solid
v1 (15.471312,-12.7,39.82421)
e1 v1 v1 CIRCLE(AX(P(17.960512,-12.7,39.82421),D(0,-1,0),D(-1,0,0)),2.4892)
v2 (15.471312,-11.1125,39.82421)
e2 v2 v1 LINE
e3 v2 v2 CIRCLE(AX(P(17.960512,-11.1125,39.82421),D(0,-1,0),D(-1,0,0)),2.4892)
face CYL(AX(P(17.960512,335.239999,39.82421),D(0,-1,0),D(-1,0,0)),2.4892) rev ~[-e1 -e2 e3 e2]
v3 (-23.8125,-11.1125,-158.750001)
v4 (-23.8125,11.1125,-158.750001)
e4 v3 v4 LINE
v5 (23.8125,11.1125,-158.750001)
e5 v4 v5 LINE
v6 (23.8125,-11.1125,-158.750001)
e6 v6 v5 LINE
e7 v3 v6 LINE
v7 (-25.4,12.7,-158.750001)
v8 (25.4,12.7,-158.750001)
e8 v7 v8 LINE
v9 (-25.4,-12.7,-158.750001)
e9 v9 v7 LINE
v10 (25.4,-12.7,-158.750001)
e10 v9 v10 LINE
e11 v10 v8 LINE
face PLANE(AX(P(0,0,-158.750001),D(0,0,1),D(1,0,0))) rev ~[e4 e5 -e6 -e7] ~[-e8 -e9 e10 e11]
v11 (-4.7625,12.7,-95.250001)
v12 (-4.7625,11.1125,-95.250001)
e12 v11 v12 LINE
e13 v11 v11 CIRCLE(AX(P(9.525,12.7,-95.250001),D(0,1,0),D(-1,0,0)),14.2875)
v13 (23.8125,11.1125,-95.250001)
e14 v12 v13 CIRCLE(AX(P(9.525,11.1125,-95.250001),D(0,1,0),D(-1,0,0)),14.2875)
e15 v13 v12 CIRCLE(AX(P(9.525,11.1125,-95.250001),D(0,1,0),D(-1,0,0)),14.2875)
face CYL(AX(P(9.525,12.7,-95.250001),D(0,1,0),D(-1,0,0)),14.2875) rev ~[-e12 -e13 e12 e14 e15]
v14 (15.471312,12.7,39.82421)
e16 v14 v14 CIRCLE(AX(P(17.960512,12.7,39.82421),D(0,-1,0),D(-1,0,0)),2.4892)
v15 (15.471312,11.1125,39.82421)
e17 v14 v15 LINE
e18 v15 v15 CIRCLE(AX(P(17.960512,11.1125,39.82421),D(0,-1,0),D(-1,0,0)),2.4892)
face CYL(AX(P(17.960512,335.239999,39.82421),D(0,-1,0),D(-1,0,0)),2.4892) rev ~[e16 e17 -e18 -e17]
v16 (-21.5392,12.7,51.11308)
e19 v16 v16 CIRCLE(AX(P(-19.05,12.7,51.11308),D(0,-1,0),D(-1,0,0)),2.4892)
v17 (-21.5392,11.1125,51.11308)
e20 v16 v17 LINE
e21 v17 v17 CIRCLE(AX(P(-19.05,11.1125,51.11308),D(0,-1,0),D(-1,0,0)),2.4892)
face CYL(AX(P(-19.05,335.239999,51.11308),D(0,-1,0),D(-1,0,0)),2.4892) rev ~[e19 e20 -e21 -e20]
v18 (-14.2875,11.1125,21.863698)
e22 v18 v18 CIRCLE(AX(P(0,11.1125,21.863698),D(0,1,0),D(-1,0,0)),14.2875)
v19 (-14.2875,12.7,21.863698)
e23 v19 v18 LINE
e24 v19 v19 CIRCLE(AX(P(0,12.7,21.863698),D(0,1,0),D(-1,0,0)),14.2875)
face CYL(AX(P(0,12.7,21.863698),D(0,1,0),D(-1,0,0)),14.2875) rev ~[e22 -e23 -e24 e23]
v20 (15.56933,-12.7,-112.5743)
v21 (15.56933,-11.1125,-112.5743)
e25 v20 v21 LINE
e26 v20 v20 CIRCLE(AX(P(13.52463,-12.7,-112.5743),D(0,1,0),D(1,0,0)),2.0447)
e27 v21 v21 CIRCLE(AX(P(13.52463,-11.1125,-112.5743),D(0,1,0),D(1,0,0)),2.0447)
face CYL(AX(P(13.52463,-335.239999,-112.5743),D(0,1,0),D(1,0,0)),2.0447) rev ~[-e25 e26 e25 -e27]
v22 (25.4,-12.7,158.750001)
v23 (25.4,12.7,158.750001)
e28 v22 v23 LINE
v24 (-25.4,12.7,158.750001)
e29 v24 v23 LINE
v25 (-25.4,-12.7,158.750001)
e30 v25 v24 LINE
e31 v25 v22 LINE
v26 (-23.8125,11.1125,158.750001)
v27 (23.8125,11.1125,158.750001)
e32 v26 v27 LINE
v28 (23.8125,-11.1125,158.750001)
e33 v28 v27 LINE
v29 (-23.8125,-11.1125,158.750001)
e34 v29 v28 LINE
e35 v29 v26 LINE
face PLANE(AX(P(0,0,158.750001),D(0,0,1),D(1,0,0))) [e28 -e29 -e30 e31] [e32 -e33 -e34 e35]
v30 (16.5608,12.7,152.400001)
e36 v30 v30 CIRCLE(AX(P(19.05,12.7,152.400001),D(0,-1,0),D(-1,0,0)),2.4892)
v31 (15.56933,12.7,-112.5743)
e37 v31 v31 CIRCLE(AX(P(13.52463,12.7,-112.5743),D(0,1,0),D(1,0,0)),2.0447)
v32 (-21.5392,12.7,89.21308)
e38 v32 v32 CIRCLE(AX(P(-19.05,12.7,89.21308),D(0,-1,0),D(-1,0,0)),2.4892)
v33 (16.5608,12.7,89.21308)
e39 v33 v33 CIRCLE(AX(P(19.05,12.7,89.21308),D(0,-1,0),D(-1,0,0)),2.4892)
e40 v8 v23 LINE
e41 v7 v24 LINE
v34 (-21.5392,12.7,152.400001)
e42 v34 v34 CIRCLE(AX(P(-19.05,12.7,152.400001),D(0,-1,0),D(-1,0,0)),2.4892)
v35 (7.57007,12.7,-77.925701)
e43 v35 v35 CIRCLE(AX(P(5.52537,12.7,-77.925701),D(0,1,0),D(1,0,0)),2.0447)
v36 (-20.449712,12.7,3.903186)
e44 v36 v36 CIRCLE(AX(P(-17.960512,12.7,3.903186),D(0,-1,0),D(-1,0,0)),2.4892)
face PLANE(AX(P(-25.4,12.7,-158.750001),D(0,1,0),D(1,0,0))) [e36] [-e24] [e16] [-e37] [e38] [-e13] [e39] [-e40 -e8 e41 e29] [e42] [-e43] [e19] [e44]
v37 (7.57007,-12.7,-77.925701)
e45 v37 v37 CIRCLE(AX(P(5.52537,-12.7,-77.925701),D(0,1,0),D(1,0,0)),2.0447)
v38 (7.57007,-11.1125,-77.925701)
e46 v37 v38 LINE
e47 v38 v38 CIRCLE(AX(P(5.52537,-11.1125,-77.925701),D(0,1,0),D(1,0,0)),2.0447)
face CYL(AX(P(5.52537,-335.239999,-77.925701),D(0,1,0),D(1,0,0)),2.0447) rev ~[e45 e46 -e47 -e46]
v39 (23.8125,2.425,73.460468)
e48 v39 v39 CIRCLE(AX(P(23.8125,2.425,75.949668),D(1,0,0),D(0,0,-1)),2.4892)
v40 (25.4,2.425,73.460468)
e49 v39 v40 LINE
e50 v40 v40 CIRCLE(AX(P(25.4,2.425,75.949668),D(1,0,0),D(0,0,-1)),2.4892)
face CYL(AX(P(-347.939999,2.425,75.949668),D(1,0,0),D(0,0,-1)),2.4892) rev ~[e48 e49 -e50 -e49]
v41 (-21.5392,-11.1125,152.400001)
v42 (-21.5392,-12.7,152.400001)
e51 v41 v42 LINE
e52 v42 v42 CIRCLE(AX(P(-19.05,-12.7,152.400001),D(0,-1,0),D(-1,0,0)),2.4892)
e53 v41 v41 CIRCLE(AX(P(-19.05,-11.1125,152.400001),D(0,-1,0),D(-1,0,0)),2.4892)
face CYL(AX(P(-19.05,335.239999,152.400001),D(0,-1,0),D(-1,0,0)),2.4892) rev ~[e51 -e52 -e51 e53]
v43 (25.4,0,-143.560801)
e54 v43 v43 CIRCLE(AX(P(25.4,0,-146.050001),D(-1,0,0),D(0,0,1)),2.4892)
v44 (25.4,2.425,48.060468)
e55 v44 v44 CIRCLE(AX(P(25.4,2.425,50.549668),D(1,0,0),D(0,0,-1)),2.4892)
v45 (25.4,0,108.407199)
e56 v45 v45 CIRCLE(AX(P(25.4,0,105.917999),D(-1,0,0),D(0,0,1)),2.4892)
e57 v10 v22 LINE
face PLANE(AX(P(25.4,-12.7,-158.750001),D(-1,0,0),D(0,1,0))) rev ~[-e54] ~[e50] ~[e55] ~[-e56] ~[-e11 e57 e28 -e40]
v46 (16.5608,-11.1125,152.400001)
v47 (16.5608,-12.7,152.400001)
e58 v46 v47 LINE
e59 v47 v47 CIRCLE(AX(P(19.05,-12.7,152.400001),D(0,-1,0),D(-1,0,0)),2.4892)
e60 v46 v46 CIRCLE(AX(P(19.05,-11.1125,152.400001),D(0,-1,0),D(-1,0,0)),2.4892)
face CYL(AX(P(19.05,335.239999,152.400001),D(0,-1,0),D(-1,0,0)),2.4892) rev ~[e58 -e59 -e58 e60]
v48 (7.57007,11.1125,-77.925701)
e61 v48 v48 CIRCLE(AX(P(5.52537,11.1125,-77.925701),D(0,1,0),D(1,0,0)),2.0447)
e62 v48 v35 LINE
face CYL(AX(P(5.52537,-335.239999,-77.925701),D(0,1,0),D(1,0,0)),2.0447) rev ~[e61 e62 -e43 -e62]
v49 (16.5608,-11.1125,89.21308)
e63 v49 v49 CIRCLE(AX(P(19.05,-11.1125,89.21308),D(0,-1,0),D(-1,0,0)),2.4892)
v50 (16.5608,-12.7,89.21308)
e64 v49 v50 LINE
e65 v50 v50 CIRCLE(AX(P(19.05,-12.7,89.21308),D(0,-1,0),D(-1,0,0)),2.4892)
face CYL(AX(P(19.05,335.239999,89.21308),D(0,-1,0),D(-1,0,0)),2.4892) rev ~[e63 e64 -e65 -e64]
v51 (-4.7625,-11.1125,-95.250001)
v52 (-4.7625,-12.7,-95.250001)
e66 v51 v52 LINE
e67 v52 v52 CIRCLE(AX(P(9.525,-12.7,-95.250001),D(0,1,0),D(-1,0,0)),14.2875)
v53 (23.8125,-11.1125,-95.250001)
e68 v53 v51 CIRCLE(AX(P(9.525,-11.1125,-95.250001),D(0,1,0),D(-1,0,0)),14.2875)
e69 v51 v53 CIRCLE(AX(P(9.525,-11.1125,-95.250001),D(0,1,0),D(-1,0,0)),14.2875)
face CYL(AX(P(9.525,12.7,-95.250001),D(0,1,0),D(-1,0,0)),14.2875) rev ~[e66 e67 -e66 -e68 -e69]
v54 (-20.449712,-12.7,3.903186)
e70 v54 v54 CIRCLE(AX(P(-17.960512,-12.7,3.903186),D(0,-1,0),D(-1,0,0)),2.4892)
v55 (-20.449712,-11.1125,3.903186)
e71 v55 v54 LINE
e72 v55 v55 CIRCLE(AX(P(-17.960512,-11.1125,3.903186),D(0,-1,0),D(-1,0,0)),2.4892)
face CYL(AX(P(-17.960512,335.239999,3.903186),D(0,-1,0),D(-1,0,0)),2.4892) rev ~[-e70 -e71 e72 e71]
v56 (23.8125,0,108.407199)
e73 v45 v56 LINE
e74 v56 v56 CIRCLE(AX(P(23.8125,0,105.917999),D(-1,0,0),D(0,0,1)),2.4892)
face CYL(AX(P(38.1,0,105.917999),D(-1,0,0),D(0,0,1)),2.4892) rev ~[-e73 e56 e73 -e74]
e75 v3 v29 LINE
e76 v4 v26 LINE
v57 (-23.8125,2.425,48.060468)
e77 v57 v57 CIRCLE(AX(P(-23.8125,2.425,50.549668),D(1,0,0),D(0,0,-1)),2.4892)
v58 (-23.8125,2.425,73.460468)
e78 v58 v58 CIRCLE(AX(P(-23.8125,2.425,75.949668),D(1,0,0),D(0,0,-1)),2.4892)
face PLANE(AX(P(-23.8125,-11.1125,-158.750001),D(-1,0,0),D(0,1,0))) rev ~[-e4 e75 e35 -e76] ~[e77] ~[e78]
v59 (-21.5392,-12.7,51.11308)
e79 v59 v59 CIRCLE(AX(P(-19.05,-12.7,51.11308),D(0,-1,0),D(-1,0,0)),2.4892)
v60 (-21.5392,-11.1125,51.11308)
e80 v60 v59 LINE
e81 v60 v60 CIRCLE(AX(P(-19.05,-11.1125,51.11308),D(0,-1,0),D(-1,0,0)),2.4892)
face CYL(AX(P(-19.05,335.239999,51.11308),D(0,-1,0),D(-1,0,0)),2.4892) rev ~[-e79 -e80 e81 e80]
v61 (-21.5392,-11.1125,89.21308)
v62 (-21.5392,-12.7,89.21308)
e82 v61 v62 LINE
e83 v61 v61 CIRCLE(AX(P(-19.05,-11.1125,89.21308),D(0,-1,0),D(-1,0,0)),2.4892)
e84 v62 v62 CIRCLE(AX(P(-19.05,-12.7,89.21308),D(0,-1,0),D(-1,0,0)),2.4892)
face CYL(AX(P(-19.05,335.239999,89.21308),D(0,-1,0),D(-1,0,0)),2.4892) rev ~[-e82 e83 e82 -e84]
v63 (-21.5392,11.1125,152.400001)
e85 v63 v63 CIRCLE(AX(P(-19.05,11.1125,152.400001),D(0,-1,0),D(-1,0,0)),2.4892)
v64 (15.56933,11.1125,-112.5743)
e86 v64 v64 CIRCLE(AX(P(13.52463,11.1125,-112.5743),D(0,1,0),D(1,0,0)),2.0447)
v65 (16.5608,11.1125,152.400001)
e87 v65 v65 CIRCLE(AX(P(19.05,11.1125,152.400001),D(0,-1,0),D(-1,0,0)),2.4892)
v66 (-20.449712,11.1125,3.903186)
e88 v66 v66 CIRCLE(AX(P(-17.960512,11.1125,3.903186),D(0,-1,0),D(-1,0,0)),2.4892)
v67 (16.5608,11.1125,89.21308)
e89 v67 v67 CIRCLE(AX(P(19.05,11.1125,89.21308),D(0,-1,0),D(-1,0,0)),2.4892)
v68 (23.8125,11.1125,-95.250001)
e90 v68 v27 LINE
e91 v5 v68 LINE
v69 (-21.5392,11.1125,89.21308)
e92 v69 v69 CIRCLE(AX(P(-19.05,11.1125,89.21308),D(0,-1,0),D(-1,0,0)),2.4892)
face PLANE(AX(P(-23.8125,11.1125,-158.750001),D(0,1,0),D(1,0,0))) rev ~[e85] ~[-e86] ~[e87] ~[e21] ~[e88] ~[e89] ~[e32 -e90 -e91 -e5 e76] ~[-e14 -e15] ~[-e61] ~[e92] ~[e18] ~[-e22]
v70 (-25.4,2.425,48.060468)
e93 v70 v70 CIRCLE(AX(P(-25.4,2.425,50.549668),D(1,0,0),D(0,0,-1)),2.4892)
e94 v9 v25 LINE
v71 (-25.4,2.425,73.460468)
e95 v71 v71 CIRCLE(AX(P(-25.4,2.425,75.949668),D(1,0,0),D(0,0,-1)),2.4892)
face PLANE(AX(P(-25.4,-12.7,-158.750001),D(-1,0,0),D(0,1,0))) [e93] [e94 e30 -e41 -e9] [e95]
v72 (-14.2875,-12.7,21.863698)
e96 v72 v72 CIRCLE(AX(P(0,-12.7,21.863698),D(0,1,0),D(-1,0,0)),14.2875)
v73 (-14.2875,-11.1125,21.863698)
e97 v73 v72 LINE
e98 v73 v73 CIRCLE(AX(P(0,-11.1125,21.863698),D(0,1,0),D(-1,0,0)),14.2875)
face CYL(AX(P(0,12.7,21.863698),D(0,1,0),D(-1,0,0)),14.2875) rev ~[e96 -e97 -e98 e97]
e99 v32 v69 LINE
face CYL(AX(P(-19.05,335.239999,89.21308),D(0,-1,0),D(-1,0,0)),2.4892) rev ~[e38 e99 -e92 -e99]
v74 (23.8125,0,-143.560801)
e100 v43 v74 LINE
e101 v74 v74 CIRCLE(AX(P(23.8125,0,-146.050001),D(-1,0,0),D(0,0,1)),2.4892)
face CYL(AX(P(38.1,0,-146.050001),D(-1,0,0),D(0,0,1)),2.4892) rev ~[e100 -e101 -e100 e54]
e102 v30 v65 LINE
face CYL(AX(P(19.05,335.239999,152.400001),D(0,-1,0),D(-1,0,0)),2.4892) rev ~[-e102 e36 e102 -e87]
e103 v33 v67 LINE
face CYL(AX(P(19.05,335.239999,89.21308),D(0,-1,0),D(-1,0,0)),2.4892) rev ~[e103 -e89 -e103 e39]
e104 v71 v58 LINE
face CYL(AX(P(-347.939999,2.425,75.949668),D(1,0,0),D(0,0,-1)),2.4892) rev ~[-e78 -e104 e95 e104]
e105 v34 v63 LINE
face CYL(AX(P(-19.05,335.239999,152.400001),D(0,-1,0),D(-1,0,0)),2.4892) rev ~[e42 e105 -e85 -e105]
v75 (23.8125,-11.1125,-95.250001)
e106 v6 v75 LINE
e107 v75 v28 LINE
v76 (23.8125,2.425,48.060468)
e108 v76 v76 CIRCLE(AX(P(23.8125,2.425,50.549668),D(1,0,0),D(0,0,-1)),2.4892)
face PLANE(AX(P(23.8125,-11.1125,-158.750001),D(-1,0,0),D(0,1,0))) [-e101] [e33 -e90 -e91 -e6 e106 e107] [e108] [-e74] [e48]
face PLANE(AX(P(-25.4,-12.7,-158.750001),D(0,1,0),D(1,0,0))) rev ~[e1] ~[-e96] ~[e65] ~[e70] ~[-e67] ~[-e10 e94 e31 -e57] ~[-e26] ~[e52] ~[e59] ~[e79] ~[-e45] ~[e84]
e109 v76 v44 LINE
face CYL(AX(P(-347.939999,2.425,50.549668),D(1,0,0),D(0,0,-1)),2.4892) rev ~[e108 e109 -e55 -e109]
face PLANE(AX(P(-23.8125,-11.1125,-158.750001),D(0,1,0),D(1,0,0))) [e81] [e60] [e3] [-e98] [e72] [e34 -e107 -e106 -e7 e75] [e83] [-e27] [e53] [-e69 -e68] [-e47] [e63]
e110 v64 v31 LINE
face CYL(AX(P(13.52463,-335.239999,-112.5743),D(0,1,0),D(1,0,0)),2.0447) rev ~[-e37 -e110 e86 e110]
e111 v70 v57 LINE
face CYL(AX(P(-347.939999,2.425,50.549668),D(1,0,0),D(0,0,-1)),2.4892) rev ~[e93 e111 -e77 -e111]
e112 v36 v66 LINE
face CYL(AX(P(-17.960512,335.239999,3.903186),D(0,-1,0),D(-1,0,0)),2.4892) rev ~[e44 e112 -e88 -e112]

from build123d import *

# Parameters (mm, degrees)
BOSS_EXTRUDE1_DEPTH         = 158.750001
BOSS_EXTRUDE1_DEPTH_BACK    = 158.750001
SKETCH3_W                   = 50.8
SKETCH3_H                   = 25.4
SKETCH3_W_2                 = 47.625
SKETCH3_H_2                 = 22.225
SKETCH4_R                   = 14.2875
CUT_EXTRUDE1_DEPTH          = 39.37
F_10_CLEARANCE_HOLE1_D      = 4.9784
F_10_CLEARANCE_HOLE2_D      = 4.9784
F_10_CLEARANCE_HOLE3_D      = 4.9784
F_20_0_161_DIAMETER_HOLE1_D = 4.0894
F_10_CLEARANCE_HOLE4_D      = 4.9784
F_10_CLEARANCE_HOLE4_DEPTH  = 12.7
F_10_CLEARANCE_HOLE4_TIP    = 1.495662253


with BuildPart() as part:
    # Sketch3 → Boss-Extrude1 (new, two sides: drawn at the far end of the back side and taken through both)
    with BuildSketch(Plane.XY.offset(-BOSS_EXTRUDE1_DEPTH_BACK)):
        Rectangle(SKETCH3_W, SKETCH3_H)
        Rectangle(SKETCH3_W_2, SKETCH3_H_2, mode=Mode.SUBTRACT)
    extrude(amount=BOSS_EXTRUDE1_DEPTH + BOSS_EXTRUDE1_DEPTH_BACK)

    # Sketch4 → Cut-Extrude1 (cut)
    with BuildSketch(Plane(origin=(0, 12.7, 0), x_dir=(1, 0, 0), z_dir=(0, 1, 0))):
        with Locations(Location((9.525, 95.250000508, 0), (0, 0, 180))):
            Circle(SKETCH4_R)
        with Locations(Location((0, -21.863697987, 0), (0, 0, 180))):
            Circle(SKETCH4_R)
    extrude(amount=-CUT_EXTRUDE1_DEPTH, mode=Mode.SUBTRACT)

    # #10 Clearance Hole1 (through all)
    with Locations(Plane(origin=(0, 12.7, 0), x_dir=(1, 0, 0), z_dir=(0, 1, 0))):
        with Locations((-17.960512242, -3.903185745), (17.960512242, -39.824210229)):
            Hole(F_10_CLEARANCE_HOLE1_D / 2)

    # #10 Clearance Hole2 (through all)
    with Locations(Plane.ZY.offset(25.4)):
        with Locations((50.549668409, 2.425), (75.949668409, 2.425)):
            Hole(F_10_CLEARANCE_HOLE2_D / 2)

    # #10 Clearance Hole3 (through all)
    with Locations(Plane(origin=(0, 12.7, 0), x_dir=(1, 0, 0), z_dir=(0, 1, 0))):
        with Locations((-19.05, -51.113080493), (-19.05, -89.213080493), (19.05, -89.213080493), (19.05, -152.400000508), (-19.05, -152.400000508)):
            Hole(F_10_CLEARANCE_HOLE3_D / 2)

    # #20 (0.161) Diameter Hole1 (through all)
    with Locations(Plane(origin=(0, -12.7, 0), x_dir=(-1, 0, 0), z_dir=(0, -1, 0))):
        with Locations((-5.525370258, 77.925700755), (-13.524629742, 112.57430026)):
            Hole(F_20_0_161_DIAMETER_HOLE1_D / 2)

    # #10 Clearance Hole4
    with Locations(Plane(origin=(25.4, 0, 0), x_dir=(0, 0, -1), z_dir=(1, 0, 0))):
        with Locations((146.050000508, 0), (-105.917999492, 0)):
            Hole(F_10_CLEARANCE_HOLE4_D / 2, depth=F_10_CLEARANCE_HOLE4_DEPTH)
            with Locations((0, 0, -(F_10_CLEARANCE_HOLE4_DEPTH + F_10_CLEARANCE_HOLE4_TIP / 2))):  # 118° drill point
                Cone(0, F_10_CLEARANCE_HOLE4_D / 2, F_10_CLEARANCE_HOLE4_TIP, mode=Mode.SUBTRACT)


solid = part.part
